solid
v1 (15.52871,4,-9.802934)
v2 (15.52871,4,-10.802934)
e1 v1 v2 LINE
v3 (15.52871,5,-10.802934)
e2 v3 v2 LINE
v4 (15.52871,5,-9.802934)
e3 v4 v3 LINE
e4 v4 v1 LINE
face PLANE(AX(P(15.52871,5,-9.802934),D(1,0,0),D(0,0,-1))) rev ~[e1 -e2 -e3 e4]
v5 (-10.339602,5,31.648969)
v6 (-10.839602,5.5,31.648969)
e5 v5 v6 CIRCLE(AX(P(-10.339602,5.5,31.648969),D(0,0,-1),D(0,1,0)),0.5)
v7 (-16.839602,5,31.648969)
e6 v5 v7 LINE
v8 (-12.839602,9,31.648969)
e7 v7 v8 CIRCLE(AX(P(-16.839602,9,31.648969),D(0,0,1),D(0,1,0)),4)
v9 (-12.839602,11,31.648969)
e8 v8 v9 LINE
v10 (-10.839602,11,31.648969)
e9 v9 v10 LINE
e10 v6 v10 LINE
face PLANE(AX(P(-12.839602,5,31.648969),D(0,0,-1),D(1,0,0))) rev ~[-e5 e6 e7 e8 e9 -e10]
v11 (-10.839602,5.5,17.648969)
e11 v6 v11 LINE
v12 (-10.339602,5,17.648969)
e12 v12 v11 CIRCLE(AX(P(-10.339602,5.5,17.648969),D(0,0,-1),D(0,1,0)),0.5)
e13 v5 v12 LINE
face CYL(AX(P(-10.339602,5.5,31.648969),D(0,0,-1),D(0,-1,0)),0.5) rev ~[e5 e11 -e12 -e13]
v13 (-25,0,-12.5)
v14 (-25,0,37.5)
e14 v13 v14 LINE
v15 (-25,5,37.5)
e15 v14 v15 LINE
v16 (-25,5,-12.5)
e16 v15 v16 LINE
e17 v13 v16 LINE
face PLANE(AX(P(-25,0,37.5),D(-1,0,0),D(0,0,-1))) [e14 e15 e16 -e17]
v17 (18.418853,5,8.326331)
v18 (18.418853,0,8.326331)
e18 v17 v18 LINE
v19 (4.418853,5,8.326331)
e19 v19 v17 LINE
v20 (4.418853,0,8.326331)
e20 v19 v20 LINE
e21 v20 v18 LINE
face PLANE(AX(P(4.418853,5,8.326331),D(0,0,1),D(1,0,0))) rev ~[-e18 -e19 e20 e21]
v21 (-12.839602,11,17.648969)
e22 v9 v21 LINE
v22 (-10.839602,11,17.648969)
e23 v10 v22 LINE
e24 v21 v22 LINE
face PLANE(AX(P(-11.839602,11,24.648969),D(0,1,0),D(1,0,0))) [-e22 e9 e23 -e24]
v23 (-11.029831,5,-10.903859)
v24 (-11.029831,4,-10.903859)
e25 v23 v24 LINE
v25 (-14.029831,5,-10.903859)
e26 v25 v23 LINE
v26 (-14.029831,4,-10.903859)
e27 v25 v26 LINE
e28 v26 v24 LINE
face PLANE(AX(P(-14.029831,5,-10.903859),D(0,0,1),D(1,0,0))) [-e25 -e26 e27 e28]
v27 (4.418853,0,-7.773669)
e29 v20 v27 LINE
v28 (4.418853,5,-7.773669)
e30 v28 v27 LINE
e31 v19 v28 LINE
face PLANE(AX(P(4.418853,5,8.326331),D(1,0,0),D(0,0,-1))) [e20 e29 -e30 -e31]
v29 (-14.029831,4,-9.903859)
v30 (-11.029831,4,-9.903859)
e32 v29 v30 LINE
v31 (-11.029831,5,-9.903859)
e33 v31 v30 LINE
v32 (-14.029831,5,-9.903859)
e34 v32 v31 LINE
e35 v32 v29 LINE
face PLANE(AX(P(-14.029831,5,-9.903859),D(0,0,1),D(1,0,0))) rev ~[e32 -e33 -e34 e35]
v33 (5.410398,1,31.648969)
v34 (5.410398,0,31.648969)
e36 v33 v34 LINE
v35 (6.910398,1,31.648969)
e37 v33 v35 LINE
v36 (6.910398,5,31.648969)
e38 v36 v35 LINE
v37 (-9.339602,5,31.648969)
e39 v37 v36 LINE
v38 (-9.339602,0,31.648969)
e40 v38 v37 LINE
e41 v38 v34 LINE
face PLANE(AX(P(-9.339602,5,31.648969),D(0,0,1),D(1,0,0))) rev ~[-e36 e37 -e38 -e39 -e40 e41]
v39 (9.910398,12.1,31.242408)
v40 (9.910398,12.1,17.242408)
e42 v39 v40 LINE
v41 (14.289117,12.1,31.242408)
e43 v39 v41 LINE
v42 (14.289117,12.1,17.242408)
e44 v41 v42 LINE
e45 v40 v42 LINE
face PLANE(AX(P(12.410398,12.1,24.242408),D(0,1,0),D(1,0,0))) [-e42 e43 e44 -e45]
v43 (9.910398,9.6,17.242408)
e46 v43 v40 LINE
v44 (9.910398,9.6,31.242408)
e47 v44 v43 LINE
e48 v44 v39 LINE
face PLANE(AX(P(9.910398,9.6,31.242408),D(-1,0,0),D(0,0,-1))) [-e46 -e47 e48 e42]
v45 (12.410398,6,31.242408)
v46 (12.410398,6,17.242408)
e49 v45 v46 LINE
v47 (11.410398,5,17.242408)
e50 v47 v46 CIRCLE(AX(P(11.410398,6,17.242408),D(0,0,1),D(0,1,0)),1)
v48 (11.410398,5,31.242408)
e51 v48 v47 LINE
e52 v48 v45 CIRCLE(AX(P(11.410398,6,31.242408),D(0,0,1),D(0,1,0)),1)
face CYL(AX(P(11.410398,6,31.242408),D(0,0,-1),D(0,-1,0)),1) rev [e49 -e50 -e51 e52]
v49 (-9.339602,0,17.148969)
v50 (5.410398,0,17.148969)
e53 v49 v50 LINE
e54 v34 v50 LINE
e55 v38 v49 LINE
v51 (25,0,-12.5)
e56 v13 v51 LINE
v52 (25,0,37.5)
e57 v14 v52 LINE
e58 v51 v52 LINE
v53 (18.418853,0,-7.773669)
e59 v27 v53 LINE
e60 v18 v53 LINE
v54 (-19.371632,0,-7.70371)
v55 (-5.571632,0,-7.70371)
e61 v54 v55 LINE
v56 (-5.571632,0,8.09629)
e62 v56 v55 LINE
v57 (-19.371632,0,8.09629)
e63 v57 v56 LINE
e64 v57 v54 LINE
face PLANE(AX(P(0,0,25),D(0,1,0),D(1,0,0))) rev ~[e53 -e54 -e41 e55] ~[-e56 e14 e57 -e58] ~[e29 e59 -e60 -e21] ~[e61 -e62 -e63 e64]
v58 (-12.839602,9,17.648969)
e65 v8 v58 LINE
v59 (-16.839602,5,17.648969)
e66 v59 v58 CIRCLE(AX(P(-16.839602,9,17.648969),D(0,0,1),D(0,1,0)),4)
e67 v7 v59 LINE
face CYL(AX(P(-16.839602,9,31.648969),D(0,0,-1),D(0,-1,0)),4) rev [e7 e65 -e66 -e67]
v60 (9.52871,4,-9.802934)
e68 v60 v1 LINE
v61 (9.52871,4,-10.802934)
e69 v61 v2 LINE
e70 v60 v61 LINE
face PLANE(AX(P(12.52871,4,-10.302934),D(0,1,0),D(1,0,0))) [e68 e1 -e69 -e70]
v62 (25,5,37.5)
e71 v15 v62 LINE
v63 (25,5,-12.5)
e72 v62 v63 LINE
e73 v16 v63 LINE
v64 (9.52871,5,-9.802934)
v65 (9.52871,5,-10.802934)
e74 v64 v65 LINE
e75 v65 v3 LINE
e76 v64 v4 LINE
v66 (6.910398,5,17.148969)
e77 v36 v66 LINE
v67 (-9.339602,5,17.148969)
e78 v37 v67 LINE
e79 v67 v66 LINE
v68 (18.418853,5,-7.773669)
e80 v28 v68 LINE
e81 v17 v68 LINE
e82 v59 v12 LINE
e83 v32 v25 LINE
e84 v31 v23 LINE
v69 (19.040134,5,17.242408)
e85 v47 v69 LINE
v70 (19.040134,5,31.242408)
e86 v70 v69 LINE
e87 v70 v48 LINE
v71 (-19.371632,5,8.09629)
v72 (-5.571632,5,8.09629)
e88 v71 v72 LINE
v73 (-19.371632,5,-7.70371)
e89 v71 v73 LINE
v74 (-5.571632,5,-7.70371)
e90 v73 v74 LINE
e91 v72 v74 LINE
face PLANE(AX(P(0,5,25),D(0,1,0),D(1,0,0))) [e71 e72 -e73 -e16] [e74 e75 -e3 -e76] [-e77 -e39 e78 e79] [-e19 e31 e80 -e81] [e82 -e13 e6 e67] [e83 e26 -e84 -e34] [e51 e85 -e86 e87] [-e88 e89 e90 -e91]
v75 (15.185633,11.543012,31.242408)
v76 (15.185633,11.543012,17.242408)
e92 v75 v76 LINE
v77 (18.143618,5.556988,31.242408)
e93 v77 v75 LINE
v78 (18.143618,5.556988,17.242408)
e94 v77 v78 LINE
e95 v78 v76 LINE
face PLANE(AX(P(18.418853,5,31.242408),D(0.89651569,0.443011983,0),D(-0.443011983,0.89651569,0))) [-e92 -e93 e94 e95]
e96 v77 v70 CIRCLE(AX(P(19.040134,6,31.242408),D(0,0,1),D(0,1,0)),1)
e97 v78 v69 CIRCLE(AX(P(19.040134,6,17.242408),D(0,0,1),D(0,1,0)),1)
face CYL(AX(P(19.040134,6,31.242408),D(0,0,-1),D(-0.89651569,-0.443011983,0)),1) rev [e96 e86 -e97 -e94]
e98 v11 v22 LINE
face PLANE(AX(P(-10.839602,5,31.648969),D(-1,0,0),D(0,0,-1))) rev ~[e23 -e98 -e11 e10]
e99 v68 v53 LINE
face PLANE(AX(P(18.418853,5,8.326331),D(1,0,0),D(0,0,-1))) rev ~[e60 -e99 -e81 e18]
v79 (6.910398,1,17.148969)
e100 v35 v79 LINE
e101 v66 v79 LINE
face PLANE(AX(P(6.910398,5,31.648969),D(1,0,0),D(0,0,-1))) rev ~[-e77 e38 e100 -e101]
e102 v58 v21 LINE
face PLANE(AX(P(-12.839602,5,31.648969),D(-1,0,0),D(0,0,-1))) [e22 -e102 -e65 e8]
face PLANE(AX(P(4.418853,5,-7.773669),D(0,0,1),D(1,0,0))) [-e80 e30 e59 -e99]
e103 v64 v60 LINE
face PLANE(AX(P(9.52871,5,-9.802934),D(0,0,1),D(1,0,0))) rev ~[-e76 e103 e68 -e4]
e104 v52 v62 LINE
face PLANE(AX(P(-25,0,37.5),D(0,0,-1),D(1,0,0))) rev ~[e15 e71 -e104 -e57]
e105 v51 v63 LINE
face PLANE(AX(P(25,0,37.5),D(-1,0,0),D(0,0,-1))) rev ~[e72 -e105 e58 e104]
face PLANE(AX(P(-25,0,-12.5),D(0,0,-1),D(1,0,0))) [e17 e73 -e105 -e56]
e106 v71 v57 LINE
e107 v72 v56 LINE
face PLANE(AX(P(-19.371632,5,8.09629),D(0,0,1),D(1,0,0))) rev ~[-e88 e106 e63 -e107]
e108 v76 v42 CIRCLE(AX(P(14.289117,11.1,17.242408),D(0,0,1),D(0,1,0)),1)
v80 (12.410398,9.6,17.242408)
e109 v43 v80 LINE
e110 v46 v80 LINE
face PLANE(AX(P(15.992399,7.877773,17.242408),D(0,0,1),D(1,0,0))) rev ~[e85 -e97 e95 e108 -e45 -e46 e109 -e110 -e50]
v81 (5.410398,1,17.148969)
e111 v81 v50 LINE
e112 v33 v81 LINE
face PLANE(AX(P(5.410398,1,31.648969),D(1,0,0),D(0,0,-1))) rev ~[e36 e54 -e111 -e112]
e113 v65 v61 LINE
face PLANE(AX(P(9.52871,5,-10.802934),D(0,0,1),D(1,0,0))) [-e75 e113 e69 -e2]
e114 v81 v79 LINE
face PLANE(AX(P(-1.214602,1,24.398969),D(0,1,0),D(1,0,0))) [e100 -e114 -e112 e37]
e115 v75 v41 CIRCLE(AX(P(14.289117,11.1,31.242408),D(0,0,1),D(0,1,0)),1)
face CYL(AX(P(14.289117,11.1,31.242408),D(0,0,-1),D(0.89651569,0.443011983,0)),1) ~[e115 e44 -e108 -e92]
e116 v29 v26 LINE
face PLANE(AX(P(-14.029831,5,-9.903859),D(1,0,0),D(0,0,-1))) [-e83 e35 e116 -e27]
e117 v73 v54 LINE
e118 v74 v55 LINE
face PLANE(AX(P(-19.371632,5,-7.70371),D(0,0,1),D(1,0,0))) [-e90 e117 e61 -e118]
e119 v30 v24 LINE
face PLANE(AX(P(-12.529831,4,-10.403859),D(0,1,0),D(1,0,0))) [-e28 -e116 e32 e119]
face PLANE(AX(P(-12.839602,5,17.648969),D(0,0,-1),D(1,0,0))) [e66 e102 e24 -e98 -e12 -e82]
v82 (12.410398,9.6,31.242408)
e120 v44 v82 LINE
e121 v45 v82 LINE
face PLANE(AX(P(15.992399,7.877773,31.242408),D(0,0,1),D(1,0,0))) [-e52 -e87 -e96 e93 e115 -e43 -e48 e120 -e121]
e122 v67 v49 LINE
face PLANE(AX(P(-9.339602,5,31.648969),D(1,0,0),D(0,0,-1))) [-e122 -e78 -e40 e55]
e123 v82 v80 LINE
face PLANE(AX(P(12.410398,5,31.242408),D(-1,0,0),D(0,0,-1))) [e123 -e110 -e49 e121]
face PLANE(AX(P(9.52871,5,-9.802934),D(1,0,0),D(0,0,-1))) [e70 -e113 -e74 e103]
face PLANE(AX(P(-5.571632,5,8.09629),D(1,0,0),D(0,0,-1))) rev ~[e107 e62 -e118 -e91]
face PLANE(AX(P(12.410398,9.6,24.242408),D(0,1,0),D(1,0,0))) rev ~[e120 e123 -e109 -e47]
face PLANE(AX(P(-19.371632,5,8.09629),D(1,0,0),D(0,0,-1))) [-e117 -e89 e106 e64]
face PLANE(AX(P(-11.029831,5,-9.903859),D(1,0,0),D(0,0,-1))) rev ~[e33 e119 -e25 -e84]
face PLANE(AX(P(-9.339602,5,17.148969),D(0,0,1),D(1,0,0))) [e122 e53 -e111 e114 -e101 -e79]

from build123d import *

# Parameters (mm, degrees)
SKETCH1_W           = 50
SKETCH1_H           = 25
BOSS_EXTRUDE1_DEPTH = 5
SKETCH2_W           = 13.8
SKETCH2_H           = 15.8
CUT_EXTRUDE1_DEPTH  = 5
SKETCH3_W           = 14
SKETCH3_H           = 16.1
CUT_EXTRUDE2_DEPTH  = 5
SKETCH5_W           = 3
SKETCH5_H           = 1
SKETCH5_W_2         = 6
CUT_EXTRUDE3_DEPTH  = 1
SKETCH6_W           = 50
SKETCH6_H           = 25
BOSS_EXTRUDE2_DEPTH = 5
SKETCH7_W           = 16.25
SKETCH7_H           = 14.5
CUT_EXTRUDE4_DEPTH  = 4
SKETCH8_W           = 14.75
SKETCH8_H           = 14.5
CUT_EXTRUDE5_DEPTH  = 1
SKETCH9_W           = 2.5
SKETCH9_H           = 14
BOSS_EXTRUDE3_DEPTH = 4.6
SKETCH10_W          = 5
SKETCH10_H          = 14
BOSS_EXTRUDE4_DEPTH = 2.5
BOSS_EXTRUDE5_DEPTH = 14
FILLET1_R           = 1
SKETCH12_W          = 2
SKETCH12_H          = 14
BOSS_EXTRUDE6_DEPTH = 6
FILLET2_R           = 4
FILLET3_R           = 1
FILLET4_R           = 0.5


with BuildPart() as part:
    # Sketch1 → Boss-Extrude1 (new body)
    with BuildSketch(Plane(origin=(0, 0, 0), x_dir=(1, 0, 0), z_dir=(0, 1, 0))):
        Rectangle(SKETCH1_W, SKETCH1_H)
    extrude(amount=BOSS_EXTRUDE1_DEPTH)

    # Sketch2 → Cut-Extrude1 (cut)
    with BuildSketch(Plane(origin=(0, 5, 0), x_dir=(1, 0, 0), z_dir=(0, 1, 0))):
        with Locations((-12.471632497, -0.196290121)):
            Rectangle(SKETCH2_W, SKETCH2_H)
    extrude(amount=-CUT_EXTRUDE1_DEPTH, mode=Mode.SUBTRACT)

    # Sketch3 → Cut-Extrude2 (cut)
    with BuildSketch(Plane(origin=(0, 5, 0), x_dir=(1, 0, 0), z_dir=(0, 1, 0))):
        with Locations((11.418853314, -0.27633095)):
            Rectangle(SKETCH3_W, SKETCH3_H)
    extrude(amount=-CUT_EXTRUDE2_DEPTH, mode=Mode.SUBTRACT)

    # Sketch5 → Cut-Extrude3 (cut)
    with BuildSketch(Plane(origin=(0, 5, 0), x_dir=(1, 0, 0), z_dir=(0, 1, 0))):
        with Locations((-12.529830787, 10.403858803)):
            Rectangle(SKETCH5_W, SKETCH5_H)
        with Locations((12.528710417, 10.30293358)):
            Rectangle(SKETCH5_W_2, SKETCH5_H)
    extrude(amount=-CUT_EXTRUDE3_DEPTH, mode=Mode.SUBTRACT)

    # Sketch6 → Boss-Extrude2 (add)
    with BuildSketch(Plane(origin=(0, 0, 0), x_dir=(1, 0, 0), z_dir=(0, 1, 0))):
        with Locations((0, -25)):
            Rectangle(SKETCH6_W, SKETCH6_H)
    extrude(amount=BOSS_EXTRUDE2_DEPTH)

    # Sketch7 → Cut-Extrude4 (cut)
    with BuildSketch(Plane(origin=(0, 5, 0), x_dir=(1, 0, 0), z_dir=(0, 1, 0))):
        with Locations((-1.214601825, -24.398968546)):
            Rectangle(SKETCH7_W, SKETCH7_H)
    extrude(amount=-CUT_EXTRUDE4_DEPTH, mode=Mode.SUBTRACT)

    # Sketch8 → Cut-Extrude5 (cut)
    with BuildSketch(Plane(origin=(0, 1, 0), x_dir=(1, 0, 0), z_dir=(0, 1, 0))):
        with Locations((-1.964601825, -24.398968546)):
            Rectangle(SKETCH8_W, SKETCH8_H)
    extrude(amount=-CUT_EXTRUDE5_DEPTH, mode=Mode.SUBTRACT)

    # Sketch9 → Boss-Extrude3 (add)
    with BuildSketch(Plane(origin=(0, 5, 0), x_dir=(1, 0, 0), z_dir=(0, 1, 0))):
        with Locations((13.660398175, -24.242407708)):
            Rectangle(SKETCH9_W, SKETCH9_H)
    extrude(amount=BOSS_EXTRUDE3_DEPTH)

    # Sketch10 → Boss-Extrude4 (add)
    with BuildSketch(Plane(origin=(0, 9.6, 0), x_dir=(1, 0, 0), z_dir=(0, 1, 0))):
        with Locations((12.410398175, -24.242407708)):
            Rectangle(SKETCH10_W, SKETCH10_H)
    extrude(amount=BOSS_EXTRUDE4_DEPTH)

    # Sketch11 → Boss-Extrude5 (add)
    with BuildSketch(Plane.XY.offset(31.242407708)):
        Polygon((14.910398175, 5), (18.418853314, 5), (14.910398175, 12.1), align=None)
    extrude(amount=-BOSS_EXTRUDE5_DEPTH)

    # Fillet1
    fillet1_edges = [part.edges().sort_by_distance(p)[0] for p in [
        (14.910398175, 12.1, 24.242407708),
        (18.418853314, 5, 24.242407708),
    ]]
    fillet(fillet1_edges, radius=FILLET1_R)

    # Sketch12 → Boss-Extrude6 (add)
    with BuildSketch(Plane(origin=(0, 5, 0), x_dir=(1, 0, 0), z_dir=(0, 1, 0))):
        with Locations((-11.839601825, -24.648968546)):
            Rectangle(SKETCH12_W, SKETCH12_H)
    extrude(amount=BOSS_EXTRUDE6_DEPTH)

    # Fillet2
    fillet2_edges = [part.edges().sort_by_distance(p)[0] for p in [
        (-12.839601825, 5, 24.648968546),
    ]]
    fillet(fillet2_edges, radius=FILLET2_R)

    # Fillet3
    fillet3_edges = [part.edges().sort_by_distance(p)[0] for p in [
        (12.410398175, 5, 24.242407708),
    ]]
    fillet(fillet3_edges, radius=FILLET3_R)

    # Fillet4
    fillet4_edges = [part.edges().sort_by_distance(p)[0] for p in [
        (-10.839601825, 5, 24.648968546),
    ]]
    fillet(fillet4_edges, radius=FILLET4_R)


solid = part.part
